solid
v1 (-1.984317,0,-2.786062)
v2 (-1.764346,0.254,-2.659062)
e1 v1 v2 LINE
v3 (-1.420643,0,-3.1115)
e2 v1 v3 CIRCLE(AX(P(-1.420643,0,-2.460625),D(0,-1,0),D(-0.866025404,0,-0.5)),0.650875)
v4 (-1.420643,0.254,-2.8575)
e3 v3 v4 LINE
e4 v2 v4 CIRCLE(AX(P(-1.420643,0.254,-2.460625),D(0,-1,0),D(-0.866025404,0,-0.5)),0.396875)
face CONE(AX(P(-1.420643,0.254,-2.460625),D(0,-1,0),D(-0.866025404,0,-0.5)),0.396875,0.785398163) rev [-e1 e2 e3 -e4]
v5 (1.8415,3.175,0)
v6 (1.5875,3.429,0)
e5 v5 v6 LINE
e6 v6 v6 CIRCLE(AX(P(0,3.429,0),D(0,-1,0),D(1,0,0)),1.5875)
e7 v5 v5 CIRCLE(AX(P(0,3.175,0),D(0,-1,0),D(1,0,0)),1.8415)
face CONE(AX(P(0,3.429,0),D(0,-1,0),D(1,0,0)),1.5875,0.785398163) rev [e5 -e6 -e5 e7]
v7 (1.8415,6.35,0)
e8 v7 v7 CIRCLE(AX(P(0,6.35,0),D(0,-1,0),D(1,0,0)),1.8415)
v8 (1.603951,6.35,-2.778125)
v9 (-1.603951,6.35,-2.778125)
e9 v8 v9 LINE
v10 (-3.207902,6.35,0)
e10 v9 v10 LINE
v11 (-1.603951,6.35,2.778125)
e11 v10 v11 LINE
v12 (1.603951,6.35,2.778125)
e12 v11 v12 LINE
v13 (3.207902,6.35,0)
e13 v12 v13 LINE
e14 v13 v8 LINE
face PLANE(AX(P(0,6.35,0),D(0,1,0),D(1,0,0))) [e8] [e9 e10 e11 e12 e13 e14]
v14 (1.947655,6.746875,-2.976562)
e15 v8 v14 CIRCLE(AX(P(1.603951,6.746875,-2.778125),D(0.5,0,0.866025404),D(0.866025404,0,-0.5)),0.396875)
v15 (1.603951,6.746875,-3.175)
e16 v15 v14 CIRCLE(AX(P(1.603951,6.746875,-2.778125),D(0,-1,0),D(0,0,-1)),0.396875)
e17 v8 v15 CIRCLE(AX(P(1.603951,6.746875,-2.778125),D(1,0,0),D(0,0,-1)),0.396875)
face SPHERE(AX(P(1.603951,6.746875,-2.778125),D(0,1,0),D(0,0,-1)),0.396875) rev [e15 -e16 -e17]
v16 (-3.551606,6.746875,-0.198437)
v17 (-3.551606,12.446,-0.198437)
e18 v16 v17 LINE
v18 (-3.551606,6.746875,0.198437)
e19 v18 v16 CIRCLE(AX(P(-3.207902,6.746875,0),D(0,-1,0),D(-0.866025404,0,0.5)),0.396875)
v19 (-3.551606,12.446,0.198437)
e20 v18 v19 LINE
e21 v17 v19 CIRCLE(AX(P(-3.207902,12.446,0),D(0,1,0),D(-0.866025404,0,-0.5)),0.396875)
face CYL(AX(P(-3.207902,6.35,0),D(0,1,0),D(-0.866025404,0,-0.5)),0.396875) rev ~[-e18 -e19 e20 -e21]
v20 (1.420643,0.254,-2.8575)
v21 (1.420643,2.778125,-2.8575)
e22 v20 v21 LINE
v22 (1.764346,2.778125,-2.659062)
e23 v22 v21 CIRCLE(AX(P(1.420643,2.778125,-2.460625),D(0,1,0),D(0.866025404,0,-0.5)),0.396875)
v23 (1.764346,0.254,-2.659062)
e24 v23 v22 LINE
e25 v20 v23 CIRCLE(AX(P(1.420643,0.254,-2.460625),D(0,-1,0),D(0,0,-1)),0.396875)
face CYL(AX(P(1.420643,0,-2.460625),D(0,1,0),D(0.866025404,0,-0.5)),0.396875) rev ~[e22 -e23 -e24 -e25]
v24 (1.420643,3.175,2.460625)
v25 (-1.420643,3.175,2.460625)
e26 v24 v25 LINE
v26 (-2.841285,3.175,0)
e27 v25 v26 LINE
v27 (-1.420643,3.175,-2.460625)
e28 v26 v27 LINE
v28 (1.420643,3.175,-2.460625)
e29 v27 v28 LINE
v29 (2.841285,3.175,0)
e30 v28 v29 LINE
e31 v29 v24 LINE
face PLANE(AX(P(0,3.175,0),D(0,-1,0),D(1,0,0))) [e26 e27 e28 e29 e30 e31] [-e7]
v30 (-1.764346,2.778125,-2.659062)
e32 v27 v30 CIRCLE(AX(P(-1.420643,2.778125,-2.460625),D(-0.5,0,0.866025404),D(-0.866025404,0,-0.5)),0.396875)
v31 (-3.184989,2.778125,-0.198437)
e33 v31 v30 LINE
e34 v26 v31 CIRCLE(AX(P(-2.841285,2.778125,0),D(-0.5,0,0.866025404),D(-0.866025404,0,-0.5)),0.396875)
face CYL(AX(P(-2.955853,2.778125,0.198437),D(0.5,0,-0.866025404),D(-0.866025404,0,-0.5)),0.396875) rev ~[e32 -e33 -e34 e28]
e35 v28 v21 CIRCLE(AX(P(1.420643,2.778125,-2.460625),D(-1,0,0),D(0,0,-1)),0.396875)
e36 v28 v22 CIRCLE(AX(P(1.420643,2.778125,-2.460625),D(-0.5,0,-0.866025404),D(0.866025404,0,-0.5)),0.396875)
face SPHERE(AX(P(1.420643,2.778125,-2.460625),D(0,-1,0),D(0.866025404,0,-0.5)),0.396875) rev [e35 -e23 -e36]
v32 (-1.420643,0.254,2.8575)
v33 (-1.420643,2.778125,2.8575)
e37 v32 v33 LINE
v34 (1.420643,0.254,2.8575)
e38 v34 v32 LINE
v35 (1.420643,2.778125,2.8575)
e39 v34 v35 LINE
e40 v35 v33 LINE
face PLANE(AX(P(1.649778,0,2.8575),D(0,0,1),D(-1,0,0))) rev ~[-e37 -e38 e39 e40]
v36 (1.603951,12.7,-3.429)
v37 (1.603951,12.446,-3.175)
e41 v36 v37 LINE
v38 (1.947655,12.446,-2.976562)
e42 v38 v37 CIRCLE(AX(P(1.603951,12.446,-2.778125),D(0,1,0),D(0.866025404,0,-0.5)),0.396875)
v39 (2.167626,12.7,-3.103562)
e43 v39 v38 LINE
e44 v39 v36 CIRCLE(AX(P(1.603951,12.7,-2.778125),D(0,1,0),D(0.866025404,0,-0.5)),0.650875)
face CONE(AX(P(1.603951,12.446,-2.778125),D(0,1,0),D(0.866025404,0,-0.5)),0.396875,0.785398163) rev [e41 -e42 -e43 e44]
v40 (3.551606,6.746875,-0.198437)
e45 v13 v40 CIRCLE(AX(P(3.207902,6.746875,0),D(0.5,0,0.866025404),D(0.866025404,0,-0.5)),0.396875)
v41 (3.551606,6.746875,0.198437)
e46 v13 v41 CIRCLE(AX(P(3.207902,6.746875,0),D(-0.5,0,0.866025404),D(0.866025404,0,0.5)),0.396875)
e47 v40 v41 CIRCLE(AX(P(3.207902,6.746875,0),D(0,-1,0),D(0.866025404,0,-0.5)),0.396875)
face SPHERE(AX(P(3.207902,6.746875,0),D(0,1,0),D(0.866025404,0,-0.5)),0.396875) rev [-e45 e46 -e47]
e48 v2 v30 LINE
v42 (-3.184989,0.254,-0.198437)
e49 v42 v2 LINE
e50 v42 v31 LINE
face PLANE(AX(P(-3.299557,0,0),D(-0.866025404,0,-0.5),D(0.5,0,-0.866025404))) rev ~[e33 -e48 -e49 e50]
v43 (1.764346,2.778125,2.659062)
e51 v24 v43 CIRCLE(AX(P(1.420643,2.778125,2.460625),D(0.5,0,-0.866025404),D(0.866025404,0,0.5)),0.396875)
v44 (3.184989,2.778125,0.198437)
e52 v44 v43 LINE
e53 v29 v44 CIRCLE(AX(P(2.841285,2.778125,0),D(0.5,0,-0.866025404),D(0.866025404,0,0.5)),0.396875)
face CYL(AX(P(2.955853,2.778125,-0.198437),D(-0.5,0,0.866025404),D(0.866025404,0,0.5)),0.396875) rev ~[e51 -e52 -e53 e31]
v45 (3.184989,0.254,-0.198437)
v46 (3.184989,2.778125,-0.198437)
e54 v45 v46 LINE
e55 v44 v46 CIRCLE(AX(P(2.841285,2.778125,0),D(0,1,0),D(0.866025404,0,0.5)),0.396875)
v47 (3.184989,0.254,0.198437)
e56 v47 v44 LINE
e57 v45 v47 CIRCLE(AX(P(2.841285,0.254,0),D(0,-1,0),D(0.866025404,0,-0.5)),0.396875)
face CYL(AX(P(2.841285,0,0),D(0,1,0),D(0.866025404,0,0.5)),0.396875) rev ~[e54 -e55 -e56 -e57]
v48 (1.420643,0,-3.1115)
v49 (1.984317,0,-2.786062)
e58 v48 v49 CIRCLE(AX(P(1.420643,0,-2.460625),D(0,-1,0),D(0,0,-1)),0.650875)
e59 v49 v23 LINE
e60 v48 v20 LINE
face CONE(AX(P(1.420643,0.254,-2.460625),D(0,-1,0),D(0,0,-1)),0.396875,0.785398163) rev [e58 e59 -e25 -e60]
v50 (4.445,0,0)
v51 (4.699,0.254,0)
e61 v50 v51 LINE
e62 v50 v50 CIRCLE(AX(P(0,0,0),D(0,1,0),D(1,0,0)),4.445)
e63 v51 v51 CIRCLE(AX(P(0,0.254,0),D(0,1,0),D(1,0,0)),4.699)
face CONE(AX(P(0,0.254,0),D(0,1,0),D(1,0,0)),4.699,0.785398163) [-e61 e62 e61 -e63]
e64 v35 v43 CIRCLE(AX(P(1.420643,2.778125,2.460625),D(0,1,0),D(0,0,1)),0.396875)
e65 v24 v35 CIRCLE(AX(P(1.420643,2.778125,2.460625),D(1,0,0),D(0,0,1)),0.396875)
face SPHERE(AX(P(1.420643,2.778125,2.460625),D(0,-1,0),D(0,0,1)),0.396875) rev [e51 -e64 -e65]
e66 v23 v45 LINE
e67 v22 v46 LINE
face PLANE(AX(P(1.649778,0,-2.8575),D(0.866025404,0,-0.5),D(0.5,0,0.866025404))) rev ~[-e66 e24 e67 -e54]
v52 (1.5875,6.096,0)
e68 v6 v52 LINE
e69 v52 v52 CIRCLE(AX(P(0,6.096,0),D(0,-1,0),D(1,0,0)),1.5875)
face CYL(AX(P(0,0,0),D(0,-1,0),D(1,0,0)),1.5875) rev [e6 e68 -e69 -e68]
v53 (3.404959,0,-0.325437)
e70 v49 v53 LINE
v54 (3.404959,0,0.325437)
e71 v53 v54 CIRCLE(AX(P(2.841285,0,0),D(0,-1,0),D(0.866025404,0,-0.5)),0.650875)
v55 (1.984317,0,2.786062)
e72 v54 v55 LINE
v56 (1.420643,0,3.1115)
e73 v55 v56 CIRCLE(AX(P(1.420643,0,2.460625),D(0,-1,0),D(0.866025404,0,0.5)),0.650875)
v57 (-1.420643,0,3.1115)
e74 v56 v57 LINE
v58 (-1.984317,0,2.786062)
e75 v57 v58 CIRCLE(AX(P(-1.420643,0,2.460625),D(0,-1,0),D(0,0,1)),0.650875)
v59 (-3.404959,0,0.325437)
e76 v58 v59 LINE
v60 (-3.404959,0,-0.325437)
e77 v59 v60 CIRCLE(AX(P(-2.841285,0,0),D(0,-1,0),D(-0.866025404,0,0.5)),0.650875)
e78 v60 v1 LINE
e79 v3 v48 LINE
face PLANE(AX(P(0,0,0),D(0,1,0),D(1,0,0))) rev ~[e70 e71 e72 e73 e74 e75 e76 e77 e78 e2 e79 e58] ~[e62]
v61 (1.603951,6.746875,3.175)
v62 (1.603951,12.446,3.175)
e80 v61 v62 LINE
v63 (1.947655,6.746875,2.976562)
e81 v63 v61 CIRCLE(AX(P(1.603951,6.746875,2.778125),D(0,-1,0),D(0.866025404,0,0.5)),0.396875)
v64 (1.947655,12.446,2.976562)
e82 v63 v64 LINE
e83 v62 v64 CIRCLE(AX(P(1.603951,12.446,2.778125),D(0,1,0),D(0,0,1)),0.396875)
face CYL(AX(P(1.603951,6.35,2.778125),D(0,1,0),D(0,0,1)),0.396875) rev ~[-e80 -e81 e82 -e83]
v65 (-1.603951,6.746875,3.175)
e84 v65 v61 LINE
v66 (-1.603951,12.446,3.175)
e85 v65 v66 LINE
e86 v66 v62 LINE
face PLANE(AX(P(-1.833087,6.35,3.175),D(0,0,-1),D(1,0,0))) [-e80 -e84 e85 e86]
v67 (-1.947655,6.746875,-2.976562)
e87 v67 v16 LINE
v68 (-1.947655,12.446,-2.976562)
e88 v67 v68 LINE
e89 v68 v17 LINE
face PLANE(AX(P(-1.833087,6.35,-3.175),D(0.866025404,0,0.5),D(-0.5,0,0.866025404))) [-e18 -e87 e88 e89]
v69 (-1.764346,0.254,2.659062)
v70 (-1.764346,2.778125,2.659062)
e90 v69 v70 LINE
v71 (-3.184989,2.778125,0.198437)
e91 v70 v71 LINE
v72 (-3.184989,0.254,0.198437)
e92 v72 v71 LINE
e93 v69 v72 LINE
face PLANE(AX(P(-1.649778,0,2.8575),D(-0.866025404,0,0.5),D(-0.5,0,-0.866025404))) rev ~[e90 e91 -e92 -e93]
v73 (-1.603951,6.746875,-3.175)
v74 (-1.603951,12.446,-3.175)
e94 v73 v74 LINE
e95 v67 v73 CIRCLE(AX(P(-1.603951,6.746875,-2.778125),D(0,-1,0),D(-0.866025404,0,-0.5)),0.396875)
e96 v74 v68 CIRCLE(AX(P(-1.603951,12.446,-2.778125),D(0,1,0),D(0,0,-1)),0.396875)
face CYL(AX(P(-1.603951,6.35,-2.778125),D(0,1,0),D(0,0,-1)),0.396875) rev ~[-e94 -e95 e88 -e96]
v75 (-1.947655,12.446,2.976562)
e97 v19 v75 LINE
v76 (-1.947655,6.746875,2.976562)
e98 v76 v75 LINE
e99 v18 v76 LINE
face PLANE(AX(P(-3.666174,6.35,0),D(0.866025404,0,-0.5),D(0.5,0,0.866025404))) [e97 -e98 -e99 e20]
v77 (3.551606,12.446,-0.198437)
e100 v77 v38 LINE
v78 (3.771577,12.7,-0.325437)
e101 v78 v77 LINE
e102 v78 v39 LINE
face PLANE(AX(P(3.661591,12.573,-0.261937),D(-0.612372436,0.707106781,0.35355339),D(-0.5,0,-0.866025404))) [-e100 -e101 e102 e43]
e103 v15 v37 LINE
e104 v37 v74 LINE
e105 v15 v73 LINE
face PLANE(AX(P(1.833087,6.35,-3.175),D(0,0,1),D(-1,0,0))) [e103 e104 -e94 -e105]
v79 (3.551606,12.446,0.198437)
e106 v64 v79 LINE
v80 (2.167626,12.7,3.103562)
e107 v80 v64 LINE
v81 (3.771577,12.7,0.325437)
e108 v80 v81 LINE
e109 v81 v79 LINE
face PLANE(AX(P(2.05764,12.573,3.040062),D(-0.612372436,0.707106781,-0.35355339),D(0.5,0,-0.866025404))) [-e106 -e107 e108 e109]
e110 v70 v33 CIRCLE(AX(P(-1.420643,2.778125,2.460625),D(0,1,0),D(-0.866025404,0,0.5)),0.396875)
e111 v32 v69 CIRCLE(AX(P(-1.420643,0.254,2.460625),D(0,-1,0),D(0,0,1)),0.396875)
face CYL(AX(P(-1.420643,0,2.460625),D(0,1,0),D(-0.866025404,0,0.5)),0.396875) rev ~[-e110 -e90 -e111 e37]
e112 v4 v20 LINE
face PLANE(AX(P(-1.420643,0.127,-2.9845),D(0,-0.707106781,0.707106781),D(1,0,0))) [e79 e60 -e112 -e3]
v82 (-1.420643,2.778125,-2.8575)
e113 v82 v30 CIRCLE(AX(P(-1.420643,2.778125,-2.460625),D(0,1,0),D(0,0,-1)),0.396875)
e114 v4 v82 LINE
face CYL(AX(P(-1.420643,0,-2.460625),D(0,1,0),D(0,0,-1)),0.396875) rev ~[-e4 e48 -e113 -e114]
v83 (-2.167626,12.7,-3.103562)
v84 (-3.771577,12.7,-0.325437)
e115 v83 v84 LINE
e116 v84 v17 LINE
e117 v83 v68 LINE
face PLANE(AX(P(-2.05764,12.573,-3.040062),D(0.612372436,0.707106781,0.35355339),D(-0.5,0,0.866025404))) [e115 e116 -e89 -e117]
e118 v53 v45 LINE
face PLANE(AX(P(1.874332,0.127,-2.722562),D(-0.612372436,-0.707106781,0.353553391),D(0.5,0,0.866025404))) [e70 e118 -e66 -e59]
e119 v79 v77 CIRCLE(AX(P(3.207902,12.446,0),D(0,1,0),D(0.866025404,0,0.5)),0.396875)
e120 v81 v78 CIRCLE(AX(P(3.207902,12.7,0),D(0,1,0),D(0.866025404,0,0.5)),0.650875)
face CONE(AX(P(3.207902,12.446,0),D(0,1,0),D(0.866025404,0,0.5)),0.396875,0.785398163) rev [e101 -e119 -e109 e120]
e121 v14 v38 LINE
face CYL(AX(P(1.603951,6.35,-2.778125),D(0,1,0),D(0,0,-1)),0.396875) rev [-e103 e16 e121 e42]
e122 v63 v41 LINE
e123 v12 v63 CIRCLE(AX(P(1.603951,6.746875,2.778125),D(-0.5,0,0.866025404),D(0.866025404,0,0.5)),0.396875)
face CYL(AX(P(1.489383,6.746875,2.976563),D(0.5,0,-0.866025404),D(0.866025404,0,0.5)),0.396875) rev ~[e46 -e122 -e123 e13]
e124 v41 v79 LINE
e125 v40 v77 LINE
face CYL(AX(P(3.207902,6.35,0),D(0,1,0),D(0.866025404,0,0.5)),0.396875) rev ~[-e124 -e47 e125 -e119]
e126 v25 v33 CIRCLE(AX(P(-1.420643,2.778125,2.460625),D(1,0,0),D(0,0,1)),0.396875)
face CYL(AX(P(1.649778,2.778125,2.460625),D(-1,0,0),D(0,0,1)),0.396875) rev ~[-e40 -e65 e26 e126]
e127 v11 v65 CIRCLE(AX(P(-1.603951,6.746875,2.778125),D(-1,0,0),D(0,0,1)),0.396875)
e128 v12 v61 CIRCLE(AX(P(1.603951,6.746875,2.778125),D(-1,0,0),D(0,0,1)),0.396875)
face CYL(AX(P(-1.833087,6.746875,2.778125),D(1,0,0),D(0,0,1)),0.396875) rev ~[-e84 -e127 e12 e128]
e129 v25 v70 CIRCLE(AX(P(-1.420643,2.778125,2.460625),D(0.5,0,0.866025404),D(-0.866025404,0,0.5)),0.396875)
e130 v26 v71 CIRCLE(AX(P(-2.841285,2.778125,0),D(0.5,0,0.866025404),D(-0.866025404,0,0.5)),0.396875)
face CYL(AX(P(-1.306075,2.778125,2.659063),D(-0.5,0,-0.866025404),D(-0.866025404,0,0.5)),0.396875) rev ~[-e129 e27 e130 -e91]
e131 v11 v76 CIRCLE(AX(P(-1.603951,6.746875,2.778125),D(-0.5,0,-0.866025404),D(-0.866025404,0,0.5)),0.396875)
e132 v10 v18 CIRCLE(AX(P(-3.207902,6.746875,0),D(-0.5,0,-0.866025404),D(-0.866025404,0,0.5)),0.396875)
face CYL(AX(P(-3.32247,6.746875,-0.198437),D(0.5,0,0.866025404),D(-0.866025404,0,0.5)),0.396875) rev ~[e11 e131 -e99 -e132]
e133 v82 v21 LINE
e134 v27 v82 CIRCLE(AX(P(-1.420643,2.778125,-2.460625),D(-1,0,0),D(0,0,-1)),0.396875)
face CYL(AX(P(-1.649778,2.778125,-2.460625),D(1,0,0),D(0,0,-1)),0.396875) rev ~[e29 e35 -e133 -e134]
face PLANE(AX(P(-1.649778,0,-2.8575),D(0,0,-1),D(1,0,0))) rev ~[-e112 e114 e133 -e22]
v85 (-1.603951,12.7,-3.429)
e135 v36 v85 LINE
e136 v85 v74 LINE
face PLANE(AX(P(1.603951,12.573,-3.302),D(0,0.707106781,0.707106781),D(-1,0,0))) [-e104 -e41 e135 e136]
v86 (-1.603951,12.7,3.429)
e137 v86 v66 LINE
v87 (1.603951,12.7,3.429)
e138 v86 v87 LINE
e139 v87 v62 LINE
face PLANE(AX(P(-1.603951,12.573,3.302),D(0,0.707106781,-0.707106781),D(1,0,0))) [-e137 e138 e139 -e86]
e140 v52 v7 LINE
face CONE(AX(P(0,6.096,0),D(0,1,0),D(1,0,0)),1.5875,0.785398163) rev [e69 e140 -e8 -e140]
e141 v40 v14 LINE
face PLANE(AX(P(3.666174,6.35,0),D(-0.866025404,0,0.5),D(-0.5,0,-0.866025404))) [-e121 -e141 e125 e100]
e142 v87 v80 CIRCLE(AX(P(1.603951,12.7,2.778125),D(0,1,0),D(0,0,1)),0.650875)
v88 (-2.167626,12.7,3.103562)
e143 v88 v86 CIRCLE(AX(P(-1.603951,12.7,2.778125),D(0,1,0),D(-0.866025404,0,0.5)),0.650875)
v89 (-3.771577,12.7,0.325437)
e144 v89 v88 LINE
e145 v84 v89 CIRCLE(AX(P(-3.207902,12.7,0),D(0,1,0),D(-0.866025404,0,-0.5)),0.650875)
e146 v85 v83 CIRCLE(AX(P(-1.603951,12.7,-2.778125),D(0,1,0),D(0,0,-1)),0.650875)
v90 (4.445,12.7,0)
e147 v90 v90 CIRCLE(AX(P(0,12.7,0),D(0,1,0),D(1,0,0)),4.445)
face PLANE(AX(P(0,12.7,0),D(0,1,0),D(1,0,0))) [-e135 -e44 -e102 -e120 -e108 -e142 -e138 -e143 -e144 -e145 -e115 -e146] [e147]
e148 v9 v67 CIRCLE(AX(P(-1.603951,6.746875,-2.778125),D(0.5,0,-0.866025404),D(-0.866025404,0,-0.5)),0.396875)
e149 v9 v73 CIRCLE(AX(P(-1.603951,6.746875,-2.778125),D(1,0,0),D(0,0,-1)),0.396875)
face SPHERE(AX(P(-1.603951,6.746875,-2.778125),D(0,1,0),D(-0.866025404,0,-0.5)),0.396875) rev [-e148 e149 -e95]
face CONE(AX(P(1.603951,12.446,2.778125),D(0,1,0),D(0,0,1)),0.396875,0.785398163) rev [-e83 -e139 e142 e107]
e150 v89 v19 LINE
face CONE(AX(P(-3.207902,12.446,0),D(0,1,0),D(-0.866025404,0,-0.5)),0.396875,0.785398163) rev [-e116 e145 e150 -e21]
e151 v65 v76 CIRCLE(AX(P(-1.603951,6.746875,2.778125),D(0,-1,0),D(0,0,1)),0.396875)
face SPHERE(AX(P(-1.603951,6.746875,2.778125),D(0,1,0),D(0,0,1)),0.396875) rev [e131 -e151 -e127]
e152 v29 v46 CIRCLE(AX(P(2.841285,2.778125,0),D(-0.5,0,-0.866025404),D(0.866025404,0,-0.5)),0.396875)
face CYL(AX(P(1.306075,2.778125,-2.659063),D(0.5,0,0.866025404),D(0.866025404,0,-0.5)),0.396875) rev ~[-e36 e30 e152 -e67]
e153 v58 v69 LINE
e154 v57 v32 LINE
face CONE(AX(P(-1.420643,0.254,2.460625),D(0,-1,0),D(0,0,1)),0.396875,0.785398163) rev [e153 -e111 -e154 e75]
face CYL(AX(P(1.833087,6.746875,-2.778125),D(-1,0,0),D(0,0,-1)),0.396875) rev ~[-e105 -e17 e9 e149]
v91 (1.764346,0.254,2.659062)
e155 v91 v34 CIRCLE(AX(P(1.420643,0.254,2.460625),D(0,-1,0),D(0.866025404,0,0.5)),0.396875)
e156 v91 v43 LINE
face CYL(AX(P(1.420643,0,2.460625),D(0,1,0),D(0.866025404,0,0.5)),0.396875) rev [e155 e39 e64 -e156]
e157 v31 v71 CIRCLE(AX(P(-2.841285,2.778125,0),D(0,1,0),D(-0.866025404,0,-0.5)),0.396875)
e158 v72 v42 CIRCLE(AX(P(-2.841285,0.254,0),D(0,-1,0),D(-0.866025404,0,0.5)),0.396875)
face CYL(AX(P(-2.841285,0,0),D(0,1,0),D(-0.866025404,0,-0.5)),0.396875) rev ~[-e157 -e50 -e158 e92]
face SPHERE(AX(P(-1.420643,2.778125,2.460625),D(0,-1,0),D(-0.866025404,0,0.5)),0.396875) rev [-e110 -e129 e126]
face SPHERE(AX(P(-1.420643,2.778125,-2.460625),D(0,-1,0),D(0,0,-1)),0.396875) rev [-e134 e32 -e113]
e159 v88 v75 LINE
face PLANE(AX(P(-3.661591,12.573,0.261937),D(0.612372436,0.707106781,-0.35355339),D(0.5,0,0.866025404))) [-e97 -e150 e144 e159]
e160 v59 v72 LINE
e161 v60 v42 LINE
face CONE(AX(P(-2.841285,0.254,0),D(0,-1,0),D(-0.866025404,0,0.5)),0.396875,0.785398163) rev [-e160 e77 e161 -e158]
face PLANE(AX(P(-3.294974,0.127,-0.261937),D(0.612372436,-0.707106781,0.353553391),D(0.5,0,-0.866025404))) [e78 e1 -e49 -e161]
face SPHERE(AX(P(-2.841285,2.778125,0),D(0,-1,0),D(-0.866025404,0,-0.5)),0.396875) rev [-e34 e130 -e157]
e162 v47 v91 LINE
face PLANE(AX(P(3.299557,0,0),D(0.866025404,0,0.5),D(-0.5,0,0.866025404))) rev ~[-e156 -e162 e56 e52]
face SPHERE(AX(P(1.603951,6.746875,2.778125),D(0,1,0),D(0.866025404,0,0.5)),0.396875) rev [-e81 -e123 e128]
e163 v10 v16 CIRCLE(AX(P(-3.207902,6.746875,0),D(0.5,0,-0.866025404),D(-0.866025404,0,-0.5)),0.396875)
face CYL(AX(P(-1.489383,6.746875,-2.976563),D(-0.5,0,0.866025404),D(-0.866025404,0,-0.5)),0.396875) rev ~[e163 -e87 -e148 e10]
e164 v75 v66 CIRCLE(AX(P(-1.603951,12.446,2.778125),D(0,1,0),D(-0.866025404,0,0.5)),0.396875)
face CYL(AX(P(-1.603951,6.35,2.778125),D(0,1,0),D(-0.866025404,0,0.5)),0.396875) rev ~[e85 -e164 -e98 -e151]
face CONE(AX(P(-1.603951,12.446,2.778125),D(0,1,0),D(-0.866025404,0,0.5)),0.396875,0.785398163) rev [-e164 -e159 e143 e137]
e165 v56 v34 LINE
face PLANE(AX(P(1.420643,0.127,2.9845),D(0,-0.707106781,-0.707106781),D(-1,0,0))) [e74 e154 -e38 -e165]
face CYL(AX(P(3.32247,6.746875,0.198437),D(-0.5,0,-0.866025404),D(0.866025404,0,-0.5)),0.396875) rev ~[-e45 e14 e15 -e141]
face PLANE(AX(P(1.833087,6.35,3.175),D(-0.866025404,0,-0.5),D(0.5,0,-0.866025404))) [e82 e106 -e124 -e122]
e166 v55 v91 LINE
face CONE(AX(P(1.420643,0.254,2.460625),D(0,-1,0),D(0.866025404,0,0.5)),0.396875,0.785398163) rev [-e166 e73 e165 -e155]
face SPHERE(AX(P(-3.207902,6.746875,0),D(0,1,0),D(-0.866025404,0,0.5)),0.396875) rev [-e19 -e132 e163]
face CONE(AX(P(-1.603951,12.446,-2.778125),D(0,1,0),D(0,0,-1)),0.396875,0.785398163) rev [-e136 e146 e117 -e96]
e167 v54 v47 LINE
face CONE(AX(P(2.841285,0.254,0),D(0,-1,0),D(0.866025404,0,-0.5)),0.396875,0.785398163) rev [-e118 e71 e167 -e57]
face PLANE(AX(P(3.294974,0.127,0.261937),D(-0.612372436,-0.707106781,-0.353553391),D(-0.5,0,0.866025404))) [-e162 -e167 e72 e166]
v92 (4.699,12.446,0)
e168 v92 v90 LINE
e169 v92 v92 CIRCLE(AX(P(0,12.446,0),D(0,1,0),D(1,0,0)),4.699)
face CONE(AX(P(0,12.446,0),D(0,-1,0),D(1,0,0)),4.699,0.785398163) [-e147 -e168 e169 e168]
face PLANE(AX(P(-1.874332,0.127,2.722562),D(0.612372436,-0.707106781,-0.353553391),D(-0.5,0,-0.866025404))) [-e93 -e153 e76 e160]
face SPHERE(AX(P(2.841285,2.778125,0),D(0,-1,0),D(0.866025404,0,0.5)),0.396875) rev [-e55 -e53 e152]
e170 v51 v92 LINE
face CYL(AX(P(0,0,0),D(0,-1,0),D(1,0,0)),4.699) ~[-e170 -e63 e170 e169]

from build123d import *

# Parameters (mm, degrees)
SKETCH4_R           = 4.699
SKETCH4_R_2         = 1.5875
BOSS_EXTRUDE1_DEPTH = 12.7
CUT_EXTRUDE3_DEPTH  = 3.175
CUT_EXTRUDE2_START  = -6.35
CUT_EXTRUDE2_DEPTH  = 6.35
FILLET1_1_64_R      = 0.396875
CHAMFER1_SIZE       = 0.254


with BuildPart() as part:
    # Sketch4 → Boss-Extrude1 (new body)
    with BuildSketch(Plane(origin=(0, 0, 0), x_dir=(1, 0, 0), z_dir=(0, 1, 0))):
        Circle(SKETCH4_R)
        Circle(SKETCH4_R_2, mode=Mode.SUBTRACT)
    extrude(amount=BOSS_EXTRUDE1_DEPTH)

    # Sketch7 → Cut-Extrude3 (cut)
    with BuildSketch(Plane.XZ):
        Polygon((1.649778394, 2.8575), (-1.649778394, 2.8575), (-3.299556788, 0), (-1.649778394, -2.8575), (1.649778394, -2.8575), (3.299556788, 0), align=None)
    extrude(amount=-CUT_EXTRUDE3_DEPTH, mode=Mode.SUBTRACT)

    # Sketch6 → Cut-Extrude2 (cut)
    with BuildSketch(Plane(origin=(0, 12.7, 0), x_dir=(1, 0, 0), z_dir=(0, 1, 0)).offset(CUT_EXTRUDE2_START)):
        Polygon((1.833087105, 3.175), (-1.833087105, 3.175), (-3.666174209, 0), (-1.833087105, -3.175), (1.833087105, -3.175), (3.666174209, 0), align=None)
    extrude(amount=CUT_EXTRUDE2_DEPTH, mode=Mode.SUBTRACT)

    # Fillet1-1/64
    fillet1_1_64_edges = [part.edges().sort_by_distance(p)[0] for p in [
        (2.474667591, 3.175, 1.42875),
        (1.649778394, 1.5875, 2.8575),
        (2.474667591, 3.175, -1.42875),
        (3.299556788, 1.5875, 0),
        (0, 3.175, -2.8575),
        (1.649778394, 1.5875, -2.8575),
        (-2.474667591, 3.175, -1.42875),
        (-1.649778394, 1.5875, -2.8575),
        (-2.474667591, 3.175, 1.42875),
        (-3.299556788, 1.5875, 0),
        (0, 3.175, 2.8575),
        (-1.649778394, 1.5875, 2.8575),
        (0, 6.35, -3.175),
        (-1.833087105, 9.525, -3.175),
        (-2.749630657, 6.35, -1.5875),
        (-3.666174209, 9.525, 0),
        (-2.749630657, 6.35, 1.5875),
        (-1.833087105, 9.525, 3.175),
        (0, 6.35, 3.175),
        (1.833087105, 9.525, 3.175),
        (2.749630657, 6.35, 1.5875),
        (3.666174209, 9.525, 0),
        (2.749630657, 6.35, -1.5875),
        (1.833087105, 9.525, -3.175),
    ]]
    fillet(fillet1_1_64_edges, radius=FILLET1_1_64_R)

    # Chamfer1
    chamfer1_edges = [part.edges().sort_by_distance(p)[0] for p in [
        (-1.5875, 3.175, 0),
        (-4.699, 0, 0),
        (-1.5875, 6.35, 0),
        (-4.699, 12.7, 0),
        (-2.749630657, 12.7, 1.5875),
        (0, 12.7, 3.175),
        (2.749630657, 12.7, 1.5875),
        (2.749630657, 12.7, -1.5875),
        (0, 12.7, -3.175),
        (-2.749630657, 12.7, -1.5875),
        (0, 0, 2.8575),
        (-2.474667591, 0, 1.42875),
        (-2.474667591, 0, -1.42875),
        (0, 0, -2.8575),
        (2.474667591, 0, -1.42875),
        (2.474667591, 0, 1.42875),
        (-3.604777433, 12.7, 0),
        (-1.802388717, 12.7, 3.121828832),
        (1.802388717, 12.7, 3.121828832),
        (3.604777433, 12.7, 0),
        (1.802388717, 12.7, -3.121828832),
        (-1.802388717, 12.7, -3.121828832),
        (-1.619080006, 0, 2.804328832),
        (-3.238160012, 0, 0),
        (-1.619080006, 0, -2.804328832),
        (1.619080006, 0, -2.804328832),
        (3.238160012, 0, 0),
        (1.619080006, 0, 2.804328832),
    ]]
    chamfer(chamfer1_edges, length=CHAMFER1_SIZE)


solid = part.part
